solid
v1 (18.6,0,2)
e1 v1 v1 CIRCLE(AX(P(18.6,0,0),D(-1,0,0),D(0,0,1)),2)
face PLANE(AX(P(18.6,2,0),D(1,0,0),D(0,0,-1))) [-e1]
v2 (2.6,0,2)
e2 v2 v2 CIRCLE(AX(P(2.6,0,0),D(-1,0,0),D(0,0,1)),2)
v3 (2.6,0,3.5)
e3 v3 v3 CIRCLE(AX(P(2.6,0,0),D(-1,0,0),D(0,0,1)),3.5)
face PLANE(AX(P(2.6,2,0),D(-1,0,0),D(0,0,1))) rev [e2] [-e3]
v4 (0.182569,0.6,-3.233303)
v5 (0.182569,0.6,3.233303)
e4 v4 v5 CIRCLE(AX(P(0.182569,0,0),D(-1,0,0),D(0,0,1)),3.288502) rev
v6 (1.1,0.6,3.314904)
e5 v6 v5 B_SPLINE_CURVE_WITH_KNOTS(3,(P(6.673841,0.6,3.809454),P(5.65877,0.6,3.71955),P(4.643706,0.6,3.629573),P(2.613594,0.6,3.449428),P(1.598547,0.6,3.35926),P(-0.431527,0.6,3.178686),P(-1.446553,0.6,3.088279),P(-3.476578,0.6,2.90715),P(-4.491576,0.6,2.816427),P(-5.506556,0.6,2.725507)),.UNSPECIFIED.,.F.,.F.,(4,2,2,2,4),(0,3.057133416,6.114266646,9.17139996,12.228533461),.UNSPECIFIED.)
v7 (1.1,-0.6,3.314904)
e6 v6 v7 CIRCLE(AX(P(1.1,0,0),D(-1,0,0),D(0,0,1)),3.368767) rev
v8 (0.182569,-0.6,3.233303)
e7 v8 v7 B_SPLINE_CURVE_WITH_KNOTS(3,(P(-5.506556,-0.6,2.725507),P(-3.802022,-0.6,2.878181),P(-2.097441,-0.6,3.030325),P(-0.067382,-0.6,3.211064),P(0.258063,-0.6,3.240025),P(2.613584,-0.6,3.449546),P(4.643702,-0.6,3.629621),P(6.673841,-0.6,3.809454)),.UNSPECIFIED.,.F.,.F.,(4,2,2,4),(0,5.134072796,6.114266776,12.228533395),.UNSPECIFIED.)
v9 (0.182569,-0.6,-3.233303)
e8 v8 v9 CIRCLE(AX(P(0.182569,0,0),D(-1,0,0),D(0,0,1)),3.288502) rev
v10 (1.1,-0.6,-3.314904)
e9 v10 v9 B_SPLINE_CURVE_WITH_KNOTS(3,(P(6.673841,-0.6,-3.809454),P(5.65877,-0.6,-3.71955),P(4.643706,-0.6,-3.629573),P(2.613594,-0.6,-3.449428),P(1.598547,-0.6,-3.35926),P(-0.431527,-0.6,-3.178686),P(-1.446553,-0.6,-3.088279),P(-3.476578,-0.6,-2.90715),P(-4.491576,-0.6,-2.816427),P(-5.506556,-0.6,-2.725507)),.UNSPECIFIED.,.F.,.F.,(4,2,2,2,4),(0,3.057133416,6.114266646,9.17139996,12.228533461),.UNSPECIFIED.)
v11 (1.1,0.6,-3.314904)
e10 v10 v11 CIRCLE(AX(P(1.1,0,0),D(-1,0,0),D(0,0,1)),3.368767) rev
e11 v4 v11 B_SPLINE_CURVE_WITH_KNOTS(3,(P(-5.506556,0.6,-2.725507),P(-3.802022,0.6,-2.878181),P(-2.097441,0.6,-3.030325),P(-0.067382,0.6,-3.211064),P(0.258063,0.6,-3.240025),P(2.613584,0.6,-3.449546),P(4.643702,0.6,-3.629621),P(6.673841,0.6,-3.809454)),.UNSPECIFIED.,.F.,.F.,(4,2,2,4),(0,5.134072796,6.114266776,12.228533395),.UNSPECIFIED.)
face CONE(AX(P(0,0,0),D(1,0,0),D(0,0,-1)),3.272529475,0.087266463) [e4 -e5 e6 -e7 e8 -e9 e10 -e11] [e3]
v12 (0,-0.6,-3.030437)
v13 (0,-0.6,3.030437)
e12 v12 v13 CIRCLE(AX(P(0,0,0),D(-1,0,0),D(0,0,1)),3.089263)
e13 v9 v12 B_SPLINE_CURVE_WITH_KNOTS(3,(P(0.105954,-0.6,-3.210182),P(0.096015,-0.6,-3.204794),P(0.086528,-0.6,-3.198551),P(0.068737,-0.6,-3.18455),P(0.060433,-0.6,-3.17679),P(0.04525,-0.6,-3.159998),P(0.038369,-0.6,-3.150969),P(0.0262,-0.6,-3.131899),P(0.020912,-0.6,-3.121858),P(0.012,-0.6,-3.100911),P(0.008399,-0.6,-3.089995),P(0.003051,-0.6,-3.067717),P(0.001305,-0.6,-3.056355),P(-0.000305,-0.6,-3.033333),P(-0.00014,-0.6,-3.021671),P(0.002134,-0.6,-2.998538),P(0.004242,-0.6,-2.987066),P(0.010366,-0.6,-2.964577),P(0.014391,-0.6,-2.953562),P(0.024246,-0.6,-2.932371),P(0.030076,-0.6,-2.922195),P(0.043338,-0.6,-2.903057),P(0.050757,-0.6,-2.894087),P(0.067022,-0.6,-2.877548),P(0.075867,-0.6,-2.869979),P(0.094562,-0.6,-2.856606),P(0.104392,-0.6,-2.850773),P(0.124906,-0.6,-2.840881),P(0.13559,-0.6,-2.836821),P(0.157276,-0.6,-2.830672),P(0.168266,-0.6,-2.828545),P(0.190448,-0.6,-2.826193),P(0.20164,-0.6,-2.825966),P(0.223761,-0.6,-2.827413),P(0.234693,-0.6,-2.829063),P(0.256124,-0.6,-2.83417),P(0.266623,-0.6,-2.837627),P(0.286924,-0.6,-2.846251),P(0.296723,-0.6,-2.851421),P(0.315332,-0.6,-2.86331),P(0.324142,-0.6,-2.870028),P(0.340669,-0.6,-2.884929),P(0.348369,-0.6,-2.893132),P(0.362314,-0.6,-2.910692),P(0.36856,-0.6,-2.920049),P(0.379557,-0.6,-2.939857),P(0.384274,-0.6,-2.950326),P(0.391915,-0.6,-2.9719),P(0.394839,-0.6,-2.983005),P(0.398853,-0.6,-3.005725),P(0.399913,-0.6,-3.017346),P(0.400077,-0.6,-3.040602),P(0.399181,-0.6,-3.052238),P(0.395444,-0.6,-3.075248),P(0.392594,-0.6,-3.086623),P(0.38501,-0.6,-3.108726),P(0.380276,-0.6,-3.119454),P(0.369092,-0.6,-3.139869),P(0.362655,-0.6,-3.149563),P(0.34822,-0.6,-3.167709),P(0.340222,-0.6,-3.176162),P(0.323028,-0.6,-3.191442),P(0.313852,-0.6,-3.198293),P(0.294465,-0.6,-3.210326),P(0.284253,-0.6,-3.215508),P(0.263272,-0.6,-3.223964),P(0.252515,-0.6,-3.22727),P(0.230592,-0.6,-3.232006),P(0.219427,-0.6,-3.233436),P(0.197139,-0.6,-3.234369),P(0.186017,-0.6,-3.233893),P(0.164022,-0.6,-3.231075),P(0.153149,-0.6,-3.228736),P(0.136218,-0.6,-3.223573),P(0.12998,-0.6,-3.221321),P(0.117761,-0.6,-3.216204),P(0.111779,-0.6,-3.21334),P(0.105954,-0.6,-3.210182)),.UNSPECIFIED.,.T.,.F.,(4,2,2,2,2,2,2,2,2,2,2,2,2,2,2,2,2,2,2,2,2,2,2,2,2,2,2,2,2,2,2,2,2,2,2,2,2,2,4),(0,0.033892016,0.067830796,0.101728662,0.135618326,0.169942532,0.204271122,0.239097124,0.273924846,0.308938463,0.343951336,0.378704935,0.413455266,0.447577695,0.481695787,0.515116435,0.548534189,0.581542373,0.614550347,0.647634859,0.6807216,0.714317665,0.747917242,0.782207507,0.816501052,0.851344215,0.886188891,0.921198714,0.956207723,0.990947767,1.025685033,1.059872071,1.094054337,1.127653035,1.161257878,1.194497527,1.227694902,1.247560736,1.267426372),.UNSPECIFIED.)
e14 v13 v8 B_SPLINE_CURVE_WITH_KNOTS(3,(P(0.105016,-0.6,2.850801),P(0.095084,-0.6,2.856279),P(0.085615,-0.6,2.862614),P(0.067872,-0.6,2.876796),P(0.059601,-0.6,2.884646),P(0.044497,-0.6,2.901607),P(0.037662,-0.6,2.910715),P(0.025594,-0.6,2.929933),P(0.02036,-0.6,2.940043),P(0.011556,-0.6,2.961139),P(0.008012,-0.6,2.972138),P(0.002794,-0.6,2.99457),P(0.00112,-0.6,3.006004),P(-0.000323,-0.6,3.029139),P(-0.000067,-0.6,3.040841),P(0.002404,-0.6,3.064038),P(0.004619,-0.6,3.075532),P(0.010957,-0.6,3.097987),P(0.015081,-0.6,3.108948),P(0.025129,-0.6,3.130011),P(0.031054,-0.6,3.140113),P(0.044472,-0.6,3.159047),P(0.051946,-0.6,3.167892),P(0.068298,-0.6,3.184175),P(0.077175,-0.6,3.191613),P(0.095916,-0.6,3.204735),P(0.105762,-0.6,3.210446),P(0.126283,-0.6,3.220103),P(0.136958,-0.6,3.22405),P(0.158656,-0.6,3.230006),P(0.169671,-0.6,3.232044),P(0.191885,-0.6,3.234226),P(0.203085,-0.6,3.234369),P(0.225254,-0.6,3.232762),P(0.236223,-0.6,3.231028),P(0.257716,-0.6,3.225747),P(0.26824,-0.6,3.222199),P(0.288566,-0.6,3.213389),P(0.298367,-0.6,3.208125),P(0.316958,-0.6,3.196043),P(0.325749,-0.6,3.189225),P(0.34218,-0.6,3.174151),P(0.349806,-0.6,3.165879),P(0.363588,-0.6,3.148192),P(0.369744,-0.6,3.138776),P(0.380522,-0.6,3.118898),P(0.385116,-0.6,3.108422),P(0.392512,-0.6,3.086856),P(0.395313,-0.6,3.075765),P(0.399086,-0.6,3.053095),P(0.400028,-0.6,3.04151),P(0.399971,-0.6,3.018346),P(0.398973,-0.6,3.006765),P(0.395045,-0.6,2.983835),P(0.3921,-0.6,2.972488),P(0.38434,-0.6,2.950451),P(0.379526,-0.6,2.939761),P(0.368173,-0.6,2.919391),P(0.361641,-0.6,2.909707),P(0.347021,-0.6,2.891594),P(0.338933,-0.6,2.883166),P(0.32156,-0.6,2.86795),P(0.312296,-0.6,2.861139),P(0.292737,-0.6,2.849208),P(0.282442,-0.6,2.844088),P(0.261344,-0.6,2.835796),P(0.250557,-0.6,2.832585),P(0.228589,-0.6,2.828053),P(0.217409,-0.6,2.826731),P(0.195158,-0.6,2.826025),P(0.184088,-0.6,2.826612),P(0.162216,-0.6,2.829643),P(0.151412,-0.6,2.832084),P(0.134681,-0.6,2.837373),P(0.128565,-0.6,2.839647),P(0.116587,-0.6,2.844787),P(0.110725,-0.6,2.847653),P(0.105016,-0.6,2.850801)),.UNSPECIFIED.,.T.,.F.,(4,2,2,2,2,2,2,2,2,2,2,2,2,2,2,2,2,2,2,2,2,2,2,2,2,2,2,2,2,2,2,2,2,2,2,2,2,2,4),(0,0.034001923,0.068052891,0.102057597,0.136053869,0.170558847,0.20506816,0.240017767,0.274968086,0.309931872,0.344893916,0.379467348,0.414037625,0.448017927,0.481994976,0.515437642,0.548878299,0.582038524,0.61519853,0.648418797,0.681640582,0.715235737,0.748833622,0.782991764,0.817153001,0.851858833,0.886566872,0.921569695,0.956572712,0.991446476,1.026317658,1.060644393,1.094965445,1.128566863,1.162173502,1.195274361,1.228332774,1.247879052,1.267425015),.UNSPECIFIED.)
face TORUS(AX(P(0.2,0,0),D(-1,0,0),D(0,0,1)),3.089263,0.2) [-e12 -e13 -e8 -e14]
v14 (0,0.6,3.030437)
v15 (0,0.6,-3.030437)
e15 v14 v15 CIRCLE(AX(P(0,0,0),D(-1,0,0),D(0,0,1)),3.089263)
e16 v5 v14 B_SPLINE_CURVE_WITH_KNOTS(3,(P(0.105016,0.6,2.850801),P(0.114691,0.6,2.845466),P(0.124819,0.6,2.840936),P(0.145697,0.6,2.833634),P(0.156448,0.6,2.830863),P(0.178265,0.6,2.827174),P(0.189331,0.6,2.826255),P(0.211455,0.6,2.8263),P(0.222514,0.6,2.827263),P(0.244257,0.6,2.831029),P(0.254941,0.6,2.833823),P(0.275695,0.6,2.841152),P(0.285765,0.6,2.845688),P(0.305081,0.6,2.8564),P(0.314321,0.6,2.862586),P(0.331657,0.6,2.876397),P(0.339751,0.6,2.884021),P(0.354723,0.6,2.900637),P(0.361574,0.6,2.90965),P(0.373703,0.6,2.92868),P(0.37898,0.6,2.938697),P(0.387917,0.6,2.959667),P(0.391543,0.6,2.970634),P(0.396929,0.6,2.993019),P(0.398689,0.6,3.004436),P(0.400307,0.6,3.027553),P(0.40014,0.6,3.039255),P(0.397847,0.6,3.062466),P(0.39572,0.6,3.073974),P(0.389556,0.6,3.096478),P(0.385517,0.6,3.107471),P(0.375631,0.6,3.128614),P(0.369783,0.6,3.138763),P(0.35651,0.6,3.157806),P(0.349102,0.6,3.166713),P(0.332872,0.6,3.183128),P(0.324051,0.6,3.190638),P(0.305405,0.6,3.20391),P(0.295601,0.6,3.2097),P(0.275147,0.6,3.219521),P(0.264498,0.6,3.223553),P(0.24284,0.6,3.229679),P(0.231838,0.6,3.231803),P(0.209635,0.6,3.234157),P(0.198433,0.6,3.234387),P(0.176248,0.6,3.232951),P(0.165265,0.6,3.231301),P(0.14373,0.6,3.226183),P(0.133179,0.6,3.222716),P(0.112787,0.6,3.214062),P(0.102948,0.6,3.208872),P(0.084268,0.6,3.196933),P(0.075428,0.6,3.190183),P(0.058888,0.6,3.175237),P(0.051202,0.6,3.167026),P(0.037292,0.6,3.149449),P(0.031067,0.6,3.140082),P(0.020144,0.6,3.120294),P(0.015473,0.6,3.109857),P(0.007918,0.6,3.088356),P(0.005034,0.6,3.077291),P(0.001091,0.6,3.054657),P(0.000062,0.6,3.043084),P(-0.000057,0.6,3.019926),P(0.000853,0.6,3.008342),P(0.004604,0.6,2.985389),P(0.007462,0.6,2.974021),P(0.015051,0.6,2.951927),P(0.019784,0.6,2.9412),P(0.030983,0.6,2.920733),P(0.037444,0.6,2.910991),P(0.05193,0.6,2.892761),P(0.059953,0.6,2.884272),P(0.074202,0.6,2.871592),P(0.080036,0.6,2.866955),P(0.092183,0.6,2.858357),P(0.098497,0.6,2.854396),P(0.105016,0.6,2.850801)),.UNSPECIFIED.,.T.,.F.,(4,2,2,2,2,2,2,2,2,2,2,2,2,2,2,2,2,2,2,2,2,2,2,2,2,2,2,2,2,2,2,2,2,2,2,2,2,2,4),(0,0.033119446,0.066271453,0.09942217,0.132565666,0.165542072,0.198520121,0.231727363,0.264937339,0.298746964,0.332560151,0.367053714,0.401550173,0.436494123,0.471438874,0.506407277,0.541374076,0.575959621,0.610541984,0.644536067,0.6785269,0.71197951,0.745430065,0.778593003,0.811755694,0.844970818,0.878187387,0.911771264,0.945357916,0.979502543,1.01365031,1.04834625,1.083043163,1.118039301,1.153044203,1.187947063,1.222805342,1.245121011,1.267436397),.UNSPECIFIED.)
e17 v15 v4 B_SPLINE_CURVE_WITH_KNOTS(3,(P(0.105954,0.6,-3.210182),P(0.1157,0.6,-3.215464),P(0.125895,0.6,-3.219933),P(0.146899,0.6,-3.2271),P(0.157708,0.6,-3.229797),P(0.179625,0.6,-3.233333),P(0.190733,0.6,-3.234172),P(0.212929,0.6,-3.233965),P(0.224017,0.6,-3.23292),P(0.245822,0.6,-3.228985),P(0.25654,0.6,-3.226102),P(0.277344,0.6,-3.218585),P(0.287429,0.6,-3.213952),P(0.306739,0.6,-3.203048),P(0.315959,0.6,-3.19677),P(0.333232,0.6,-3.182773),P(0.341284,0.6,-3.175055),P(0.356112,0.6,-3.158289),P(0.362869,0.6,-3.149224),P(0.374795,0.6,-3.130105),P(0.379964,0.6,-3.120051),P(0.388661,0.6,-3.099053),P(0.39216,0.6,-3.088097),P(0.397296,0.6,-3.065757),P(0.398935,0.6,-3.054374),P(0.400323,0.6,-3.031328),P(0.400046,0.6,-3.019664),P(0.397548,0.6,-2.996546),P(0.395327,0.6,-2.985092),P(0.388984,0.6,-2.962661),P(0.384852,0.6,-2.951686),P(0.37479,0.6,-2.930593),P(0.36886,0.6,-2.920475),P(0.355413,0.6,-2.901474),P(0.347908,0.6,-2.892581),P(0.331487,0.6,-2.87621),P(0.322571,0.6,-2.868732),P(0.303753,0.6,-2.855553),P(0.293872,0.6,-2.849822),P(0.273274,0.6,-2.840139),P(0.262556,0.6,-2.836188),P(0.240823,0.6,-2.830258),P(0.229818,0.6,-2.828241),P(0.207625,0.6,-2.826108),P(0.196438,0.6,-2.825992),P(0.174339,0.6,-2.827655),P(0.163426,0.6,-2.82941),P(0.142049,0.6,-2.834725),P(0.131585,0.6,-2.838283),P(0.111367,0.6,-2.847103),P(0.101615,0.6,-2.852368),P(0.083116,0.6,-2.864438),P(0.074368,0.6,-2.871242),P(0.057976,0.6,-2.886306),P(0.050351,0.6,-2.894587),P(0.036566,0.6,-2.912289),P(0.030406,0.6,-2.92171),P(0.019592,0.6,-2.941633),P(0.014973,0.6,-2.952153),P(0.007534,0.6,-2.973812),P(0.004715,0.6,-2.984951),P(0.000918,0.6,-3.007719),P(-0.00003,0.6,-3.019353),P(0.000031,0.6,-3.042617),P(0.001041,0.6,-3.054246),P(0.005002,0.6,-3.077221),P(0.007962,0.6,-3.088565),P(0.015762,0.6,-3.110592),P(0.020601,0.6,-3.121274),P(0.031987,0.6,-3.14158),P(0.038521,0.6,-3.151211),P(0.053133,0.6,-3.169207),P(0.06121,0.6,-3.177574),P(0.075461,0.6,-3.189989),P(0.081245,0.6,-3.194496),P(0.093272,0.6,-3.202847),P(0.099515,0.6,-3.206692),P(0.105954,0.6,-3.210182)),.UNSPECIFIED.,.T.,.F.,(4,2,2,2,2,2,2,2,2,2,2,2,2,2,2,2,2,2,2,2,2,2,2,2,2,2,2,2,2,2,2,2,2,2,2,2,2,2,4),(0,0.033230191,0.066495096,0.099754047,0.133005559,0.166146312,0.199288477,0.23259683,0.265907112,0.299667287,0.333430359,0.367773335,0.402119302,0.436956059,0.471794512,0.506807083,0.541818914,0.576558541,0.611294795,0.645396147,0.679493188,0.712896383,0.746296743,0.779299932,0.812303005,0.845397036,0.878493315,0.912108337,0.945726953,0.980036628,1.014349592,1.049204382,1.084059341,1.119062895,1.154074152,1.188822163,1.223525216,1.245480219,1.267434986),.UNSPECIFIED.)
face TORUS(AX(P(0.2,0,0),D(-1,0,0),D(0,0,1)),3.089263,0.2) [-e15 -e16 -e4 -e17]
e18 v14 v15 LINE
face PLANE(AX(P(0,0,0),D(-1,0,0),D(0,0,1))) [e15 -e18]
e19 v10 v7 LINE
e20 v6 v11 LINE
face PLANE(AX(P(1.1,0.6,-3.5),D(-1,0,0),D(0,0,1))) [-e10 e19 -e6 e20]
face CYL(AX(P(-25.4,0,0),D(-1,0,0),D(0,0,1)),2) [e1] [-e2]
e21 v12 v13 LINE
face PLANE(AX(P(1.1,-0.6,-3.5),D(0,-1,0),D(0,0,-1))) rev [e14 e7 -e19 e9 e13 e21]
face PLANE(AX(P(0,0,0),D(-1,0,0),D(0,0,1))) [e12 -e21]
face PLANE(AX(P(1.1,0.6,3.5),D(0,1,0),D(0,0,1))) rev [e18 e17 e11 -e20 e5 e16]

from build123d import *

# Parameters (mm, degrees)
FILLET2_R  = 0.2
SKETCH2_W  = 7
SKETCH2_H  = 1.2
SLOT_DEPTH = 1.1


with BuildPart() as part:
    # BodySke → Base-Revolve (revolve)
    with BuildSketch(Plane.XY, mode=Mode.PRIVATE) as base_revolve_sk:
        Polygon((2.6, 2), (2.6, 3.5), (0, 3.272529475), (0, 0), (18.6, 0), (18.6, 2), align=None)
    revolve(base_revolve_sk.sketch.rotate(Axis((-25.4, 0, 0), (1, 0, 0)), 90), axis=Axis((-25.4, 0, 0), (1, 0, 0)))

    # Fillet2
    fillet2_edges = [part.edges().sort_by_distance(p)[0] for p in [
        (0, 0, -3.272529475),
    ]]
    fillet(fillet2_edges, radius=FILLET2_R)

    # Sketch2 → Slot (cut)
    with BuildSketch(Plane(origin=(0, 0, 0), x_dir=(0, 0, -1), z_dir=(1, 0, 0))):
        Rectangle(SKETCH2_W, SKETCH2_H)
    extrude(amount=SLOT_DEPTH, mode=Mode.SUBTRACT)


solid = part.part
